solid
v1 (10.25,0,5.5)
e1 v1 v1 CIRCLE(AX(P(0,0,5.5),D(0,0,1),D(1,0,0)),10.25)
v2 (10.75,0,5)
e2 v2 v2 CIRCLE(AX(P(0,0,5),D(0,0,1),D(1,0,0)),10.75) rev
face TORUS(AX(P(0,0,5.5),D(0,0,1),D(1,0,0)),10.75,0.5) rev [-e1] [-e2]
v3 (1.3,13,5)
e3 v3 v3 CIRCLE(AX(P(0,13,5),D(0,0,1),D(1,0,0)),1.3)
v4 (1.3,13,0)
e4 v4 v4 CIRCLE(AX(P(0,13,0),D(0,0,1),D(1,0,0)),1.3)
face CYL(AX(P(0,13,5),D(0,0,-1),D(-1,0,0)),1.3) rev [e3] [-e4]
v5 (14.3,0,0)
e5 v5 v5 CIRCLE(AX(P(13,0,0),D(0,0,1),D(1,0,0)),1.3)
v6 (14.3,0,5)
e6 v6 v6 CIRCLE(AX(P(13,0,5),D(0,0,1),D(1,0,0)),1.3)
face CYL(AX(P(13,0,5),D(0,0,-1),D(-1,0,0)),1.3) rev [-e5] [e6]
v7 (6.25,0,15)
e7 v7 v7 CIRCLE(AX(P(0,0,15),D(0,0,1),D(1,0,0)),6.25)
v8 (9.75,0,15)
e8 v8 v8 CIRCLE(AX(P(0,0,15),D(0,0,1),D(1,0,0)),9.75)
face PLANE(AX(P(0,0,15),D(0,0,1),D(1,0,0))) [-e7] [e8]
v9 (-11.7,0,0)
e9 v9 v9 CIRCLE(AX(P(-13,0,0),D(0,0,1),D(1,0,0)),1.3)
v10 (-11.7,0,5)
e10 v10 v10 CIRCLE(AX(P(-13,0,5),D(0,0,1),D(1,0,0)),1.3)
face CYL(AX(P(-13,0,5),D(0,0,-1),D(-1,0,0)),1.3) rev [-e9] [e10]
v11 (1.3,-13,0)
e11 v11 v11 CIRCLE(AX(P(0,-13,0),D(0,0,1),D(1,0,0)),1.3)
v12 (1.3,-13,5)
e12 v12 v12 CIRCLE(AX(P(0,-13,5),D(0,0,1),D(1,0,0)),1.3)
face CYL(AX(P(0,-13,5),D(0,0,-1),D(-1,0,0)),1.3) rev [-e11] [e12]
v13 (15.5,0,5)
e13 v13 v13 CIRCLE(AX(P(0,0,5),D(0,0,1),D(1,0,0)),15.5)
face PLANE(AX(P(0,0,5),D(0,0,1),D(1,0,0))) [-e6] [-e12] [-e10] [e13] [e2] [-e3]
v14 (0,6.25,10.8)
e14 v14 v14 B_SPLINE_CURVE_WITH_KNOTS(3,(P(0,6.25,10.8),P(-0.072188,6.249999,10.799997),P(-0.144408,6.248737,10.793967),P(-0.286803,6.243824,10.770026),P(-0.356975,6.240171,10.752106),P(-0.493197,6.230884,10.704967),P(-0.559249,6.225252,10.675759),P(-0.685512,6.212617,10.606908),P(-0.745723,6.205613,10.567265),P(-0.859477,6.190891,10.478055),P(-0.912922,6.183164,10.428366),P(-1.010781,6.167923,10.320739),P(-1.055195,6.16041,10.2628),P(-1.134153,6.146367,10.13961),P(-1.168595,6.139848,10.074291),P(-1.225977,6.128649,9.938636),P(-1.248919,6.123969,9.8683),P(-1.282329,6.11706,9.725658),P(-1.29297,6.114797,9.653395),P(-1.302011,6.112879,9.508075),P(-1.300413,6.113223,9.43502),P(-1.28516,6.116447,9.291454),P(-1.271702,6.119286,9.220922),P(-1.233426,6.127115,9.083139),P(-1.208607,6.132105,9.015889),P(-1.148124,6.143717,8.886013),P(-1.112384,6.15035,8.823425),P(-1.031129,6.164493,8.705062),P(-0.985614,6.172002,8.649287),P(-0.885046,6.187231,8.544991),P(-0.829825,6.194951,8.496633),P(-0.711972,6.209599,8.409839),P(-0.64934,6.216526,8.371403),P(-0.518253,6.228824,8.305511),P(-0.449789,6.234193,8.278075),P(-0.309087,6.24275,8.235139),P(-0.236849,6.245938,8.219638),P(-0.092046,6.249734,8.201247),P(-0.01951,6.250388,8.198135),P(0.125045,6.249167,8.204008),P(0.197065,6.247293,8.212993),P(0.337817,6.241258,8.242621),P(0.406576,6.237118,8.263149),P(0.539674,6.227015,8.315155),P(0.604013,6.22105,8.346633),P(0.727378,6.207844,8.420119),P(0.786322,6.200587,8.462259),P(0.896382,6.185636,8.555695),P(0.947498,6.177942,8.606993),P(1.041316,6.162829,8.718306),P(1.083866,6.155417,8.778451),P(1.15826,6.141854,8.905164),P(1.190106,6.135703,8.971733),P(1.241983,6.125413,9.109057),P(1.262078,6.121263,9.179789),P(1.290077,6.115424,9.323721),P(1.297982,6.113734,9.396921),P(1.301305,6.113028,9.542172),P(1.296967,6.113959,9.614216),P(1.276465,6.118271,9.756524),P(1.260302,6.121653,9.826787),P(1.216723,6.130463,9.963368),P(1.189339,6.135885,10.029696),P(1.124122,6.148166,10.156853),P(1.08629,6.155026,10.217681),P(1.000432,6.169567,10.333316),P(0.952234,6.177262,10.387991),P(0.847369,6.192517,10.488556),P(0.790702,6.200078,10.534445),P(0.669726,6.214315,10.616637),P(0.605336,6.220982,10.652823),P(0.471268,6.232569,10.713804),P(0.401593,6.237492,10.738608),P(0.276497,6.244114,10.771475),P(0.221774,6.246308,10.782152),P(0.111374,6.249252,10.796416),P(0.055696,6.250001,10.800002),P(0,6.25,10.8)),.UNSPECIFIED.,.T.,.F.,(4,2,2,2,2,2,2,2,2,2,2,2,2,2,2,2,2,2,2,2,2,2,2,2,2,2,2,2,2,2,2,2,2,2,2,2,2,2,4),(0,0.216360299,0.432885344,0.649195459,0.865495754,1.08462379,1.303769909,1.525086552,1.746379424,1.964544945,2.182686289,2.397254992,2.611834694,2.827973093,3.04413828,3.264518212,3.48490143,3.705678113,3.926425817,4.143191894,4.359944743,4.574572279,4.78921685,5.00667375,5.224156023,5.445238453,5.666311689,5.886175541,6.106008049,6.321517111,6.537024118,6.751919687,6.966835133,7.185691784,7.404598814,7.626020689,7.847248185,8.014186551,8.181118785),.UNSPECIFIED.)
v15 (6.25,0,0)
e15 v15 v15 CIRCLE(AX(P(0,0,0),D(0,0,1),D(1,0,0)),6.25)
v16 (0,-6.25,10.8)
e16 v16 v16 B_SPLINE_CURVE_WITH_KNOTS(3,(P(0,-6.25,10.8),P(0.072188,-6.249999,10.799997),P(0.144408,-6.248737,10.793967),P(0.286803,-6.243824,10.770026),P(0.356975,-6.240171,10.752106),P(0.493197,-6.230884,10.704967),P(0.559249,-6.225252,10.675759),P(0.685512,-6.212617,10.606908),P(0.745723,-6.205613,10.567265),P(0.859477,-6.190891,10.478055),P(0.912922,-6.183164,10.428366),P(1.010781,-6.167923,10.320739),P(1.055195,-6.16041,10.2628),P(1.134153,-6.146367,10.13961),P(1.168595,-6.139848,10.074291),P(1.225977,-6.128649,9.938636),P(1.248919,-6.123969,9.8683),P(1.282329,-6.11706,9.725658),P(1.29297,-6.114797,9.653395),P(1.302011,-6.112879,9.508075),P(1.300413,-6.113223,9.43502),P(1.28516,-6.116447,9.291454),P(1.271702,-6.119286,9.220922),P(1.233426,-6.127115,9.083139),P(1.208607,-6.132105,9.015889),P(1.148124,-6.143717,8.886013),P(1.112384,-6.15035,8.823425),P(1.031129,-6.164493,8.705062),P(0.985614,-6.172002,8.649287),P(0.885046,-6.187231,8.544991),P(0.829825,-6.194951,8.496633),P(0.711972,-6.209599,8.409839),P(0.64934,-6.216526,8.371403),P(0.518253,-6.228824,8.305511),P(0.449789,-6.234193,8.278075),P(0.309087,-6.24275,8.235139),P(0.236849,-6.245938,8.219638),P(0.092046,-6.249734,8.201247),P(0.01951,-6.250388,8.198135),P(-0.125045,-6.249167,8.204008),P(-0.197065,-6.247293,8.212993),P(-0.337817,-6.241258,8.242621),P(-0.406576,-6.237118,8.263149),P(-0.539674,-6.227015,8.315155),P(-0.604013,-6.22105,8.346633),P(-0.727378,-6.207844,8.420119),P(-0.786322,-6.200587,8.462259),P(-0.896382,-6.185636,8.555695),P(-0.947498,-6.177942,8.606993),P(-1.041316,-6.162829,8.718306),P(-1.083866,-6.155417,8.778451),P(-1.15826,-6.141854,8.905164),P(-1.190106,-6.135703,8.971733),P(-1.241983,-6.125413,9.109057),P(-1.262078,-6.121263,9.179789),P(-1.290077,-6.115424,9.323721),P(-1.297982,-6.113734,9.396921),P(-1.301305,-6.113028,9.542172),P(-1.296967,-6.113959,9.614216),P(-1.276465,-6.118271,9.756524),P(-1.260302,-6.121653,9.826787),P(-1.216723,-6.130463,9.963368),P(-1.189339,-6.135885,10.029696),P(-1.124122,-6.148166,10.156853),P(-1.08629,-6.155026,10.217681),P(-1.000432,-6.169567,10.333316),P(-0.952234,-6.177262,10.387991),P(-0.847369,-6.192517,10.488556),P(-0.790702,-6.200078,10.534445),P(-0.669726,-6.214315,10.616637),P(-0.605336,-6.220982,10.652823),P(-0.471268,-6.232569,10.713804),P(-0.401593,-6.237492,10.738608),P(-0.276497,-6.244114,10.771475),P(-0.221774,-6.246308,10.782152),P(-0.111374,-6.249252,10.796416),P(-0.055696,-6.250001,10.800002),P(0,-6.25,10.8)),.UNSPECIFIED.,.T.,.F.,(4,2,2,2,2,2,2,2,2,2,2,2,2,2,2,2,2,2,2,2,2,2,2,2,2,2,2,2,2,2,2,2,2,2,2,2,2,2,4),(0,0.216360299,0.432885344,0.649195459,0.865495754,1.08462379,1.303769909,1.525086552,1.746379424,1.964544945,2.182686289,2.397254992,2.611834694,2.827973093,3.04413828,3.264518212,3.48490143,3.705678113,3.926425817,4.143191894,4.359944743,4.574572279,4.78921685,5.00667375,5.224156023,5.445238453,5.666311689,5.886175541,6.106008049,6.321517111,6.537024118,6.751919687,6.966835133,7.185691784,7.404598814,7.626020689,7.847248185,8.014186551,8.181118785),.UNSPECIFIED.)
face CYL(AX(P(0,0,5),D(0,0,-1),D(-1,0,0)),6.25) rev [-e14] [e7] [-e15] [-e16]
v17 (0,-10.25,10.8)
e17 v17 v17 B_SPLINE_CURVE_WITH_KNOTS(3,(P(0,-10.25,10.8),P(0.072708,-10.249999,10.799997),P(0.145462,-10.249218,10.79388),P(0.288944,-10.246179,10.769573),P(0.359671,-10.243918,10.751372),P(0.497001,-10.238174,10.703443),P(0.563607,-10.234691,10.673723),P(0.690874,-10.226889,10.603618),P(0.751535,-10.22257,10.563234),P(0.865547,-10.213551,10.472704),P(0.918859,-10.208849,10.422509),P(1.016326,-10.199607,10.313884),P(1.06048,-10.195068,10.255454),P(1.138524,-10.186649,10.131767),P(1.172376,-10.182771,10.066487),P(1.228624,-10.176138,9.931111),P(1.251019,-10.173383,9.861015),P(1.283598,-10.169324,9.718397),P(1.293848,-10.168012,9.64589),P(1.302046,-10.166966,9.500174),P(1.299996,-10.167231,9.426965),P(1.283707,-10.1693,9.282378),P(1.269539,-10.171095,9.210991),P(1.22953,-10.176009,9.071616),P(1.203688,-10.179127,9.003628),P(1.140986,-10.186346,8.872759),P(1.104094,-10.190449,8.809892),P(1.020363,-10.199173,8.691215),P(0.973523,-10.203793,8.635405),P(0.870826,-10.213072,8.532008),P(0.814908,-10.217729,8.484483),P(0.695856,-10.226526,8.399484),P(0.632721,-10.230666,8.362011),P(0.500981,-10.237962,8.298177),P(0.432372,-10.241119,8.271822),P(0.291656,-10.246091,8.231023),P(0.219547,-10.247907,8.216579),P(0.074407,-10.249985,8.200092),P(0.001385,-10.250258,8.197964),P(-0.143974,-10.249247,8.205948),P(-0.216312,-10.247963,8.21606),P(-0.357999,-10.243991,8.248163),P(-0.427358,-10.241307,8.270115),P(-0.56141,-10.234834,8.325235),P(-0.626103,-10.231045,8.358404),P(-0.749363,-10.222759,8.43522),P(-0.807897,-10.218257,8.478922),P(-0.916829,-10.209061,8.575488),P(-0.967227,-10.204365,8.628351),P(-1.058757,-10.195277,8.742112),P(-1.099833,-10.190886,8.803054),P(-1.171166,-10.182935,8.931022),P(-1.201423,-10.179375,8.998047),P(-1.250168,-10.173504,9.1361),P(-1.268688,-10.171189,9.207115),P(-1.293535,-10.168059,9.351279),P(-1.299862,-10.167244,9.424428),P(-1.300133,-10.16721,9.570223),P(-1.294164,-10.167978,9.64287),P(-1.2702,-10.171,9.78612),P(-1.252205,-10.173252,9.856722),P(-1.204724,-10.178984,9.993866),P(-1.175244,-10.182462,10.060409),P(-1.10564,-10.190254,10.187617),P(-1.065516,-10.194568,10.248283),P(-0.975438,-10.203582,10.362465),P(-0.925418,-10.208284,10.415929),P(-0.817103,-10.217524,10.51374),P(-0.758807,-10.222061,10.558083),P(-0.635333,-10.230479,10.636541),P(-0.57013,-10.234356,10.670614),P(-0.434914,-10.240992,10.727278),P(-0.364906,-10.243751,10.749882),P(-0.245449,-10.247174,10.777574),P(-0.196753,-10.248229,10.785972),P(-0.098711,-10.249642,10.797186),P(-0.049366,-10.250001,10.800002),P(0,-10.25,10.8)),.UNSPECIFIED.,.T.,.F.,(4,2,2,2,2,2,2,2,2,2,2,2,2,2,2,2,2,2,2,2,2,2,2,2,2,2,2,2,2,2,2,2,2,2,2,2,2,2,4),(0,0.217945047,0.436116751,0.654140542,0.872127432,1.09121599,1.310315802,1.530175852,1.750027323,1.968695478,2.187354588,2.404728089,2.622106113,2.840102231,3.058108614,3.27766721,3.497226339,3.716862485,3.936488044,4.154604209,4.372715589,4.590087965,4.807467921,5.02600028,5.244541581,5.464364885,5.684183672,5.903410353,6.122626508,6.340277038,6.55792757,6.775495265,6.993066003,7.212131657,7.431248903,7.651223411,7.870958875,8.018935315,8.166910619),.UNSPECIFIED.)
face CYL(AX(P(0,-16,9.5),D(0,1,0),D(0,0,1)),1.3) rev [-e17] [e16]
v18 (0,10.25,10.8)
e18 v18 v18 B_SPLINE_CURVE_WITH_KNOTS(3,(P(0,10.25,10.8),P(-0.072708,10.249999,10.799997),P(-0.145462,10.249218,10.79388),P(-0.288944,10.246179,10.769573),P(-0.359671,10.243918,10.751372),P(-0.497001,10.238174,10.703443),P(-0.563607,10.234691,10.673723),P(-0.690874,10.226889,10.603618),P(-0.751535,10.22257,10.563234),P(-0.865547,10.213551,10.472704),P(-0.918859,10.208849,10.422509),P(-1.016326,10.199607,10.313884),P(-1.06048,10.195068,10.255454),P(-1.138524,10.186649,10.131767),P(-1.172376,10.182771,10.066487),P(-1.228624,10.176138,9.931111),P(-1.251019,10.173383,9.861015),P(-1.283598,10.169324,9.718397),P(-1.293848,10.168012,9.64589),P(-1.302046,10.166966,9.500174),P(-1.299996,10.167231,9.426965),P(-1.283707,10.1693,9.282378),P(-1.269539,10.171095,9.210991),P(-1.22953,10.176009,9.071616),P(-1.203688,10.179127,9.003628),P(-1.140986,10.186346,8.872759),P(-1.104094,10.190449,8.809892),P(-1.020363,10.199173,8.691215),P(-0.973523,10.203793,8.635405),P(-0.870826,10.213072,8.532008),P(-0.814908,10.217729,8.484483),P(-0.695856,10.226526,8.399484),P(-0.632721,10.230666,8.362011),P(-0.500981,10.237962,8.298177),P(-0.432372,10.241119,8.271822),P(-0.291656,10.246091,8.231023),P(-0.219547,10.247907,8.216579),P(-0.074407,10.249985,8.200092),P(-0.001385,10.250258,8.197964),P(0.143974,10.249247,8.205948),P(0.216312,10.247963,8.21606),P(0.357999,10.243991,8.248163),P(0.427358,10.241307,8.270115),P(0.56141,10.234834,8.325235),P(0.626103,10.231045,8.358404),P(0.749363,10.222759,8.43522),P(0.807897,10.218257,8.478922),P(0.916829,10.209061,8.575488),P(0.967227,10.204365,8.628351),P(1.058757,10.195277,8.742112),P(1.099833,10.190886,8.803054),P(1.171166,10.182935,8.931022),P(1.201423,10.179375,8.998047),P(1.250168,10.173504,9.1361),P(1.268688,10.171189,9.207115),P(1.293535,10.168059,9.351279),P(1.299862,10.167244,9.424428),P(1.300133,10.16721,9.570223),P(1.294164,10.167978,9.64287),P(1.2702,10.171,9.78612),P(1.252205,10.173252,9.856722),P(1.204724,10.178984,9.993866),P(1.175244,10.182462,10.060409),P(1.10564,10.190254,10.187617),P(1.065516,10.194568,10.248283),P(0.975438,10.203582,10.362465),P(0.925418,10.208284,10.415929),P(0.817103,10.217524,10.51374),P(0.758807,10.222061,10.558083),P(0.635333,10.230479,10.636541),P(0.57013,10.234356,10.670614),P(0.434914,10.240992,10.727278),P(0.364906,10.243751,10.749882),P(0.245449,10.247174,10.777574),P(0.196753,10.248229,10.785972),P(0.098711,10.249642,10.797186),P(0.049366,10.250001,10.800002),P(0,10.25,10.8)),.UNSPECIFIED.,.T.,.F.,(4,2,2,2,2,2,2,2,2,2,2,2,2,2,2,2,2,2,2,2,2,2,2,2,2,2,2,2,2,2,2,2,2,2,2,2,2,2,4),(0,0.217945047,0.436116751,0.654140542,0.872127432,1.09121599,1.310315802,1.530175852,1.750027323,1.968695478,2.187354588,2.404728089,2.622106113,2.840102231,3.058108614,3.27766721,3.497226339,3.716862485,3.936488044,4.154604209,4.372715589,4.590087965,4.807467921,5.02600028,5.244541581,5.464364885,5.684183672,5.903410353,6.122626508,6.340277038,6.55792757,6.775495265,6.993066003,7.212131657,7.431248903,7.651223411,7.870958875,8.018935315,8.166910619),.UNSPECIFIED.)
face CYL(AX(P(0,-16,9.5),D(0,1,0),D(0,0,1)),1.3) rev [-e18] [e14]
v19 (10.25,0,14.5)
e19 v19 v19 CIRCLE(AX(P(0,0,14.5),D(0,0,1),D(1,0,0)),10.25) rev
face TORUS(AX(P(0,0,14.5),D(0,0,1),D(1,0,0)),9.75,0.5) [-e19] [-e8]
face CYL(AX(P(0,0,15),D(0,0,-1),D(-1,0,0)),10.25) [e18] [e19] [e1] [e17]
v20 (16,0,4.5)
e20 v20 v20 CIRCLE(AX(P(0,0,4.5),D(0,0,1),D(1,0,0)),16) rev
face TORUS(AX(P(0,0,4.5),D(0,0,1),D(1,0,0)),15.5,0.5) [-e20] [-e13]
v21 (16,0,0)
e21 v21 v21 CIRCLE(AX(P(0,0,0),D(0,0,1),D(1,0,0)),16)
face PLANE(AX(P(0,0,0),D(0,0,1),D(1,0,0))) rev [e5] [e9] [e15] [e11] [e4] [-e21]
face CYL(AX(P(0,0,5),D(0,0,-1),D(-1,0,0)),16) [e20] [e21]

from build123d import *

# Parameters (mm, degrees)
SKETCH1_R               = 16
SKETCH1_R_2             = 1.3
SKETCH1_R_3             = 6.25
BOSS_EXTRUDE1_DEPTH     = 5
SKETCH3_R               = 10.25
SKETCH3_R_2             = 6.25
BOSS_EXTRUDE2_DEPTH     = 15
SKETCH4_R               = 1.3
CUT_EXTRUDE5_DEPTH      = 17
CUT_EXTRUDE5_DEPTH_BACK = 17
FILLET1_R               = 0.5


with BuildPart() as part:
    # Sketch1 → Boss-Extrude1 (new body)
    with BuildSketch(Plane.XY):
        Circle(SKETCH1_R)
        with Locations((0, 13)):
            Circle(SKETCH1_R_2, mode=Mode.SUBTRACT)
        with Locations((13, 0)):
            Circle(SKETCH1_R_2, mode=Mode.SUBTRACT)
        with Locations((0, -13)):
            Circle(SKETCH1_R_2, mode=Mode.SUBTRACT)
        with Locations((-13, 0)):
            Circle(SKETCH1_R_2, mode=Mode.SUBTRACT)
        Circle(SKETCH1_R_3, mode=Mode.SUBTRACT)
    extrude(amount=BOSS_EXTRUDE1_DEPTH)

    # Sketch3 → Boss-Extrude2 (add)
    with BuildSketch(Plane.XY):
        Circle(SKETCH3_R)
        Circle(SKETCH3_R_2, mode=Mode.SUBTRACT)
    extrude(amount=BOSS_EXTRUDE2_DEPTH)

    # Sketch4 → Cut-Extrude5 (cut, two sides)
    with BuildSketch(Plane(origin=(0, 0, 0), x_dir=(1, 0, 0), z_dir=(0, 1, 0))) as cut_extrude5_sk:
        with Locations((0, -9.5)):
            Circle(SKETCH4_R)
    extrude(amount=CUT_EXTRUDE5_DEPTH, mode=Mode.SUBTRACT)
    extrude(cut_extrude5_sk.sketch, amount=-CUT_EXTRUDE5_DEPTH_BACK, mode=Mode.SUBTRACT)

    # Fillet1
    fillet1_edges = [part.edges().sort_by_distance(p)[0] for p in [
        (-10.25, 0, 5),
        (-10.25, 0, 15),
        (-16, 0, 5),
    ]]
    fillet(fillet1_edges, radius=FILLET1_R)


solid = part.part
